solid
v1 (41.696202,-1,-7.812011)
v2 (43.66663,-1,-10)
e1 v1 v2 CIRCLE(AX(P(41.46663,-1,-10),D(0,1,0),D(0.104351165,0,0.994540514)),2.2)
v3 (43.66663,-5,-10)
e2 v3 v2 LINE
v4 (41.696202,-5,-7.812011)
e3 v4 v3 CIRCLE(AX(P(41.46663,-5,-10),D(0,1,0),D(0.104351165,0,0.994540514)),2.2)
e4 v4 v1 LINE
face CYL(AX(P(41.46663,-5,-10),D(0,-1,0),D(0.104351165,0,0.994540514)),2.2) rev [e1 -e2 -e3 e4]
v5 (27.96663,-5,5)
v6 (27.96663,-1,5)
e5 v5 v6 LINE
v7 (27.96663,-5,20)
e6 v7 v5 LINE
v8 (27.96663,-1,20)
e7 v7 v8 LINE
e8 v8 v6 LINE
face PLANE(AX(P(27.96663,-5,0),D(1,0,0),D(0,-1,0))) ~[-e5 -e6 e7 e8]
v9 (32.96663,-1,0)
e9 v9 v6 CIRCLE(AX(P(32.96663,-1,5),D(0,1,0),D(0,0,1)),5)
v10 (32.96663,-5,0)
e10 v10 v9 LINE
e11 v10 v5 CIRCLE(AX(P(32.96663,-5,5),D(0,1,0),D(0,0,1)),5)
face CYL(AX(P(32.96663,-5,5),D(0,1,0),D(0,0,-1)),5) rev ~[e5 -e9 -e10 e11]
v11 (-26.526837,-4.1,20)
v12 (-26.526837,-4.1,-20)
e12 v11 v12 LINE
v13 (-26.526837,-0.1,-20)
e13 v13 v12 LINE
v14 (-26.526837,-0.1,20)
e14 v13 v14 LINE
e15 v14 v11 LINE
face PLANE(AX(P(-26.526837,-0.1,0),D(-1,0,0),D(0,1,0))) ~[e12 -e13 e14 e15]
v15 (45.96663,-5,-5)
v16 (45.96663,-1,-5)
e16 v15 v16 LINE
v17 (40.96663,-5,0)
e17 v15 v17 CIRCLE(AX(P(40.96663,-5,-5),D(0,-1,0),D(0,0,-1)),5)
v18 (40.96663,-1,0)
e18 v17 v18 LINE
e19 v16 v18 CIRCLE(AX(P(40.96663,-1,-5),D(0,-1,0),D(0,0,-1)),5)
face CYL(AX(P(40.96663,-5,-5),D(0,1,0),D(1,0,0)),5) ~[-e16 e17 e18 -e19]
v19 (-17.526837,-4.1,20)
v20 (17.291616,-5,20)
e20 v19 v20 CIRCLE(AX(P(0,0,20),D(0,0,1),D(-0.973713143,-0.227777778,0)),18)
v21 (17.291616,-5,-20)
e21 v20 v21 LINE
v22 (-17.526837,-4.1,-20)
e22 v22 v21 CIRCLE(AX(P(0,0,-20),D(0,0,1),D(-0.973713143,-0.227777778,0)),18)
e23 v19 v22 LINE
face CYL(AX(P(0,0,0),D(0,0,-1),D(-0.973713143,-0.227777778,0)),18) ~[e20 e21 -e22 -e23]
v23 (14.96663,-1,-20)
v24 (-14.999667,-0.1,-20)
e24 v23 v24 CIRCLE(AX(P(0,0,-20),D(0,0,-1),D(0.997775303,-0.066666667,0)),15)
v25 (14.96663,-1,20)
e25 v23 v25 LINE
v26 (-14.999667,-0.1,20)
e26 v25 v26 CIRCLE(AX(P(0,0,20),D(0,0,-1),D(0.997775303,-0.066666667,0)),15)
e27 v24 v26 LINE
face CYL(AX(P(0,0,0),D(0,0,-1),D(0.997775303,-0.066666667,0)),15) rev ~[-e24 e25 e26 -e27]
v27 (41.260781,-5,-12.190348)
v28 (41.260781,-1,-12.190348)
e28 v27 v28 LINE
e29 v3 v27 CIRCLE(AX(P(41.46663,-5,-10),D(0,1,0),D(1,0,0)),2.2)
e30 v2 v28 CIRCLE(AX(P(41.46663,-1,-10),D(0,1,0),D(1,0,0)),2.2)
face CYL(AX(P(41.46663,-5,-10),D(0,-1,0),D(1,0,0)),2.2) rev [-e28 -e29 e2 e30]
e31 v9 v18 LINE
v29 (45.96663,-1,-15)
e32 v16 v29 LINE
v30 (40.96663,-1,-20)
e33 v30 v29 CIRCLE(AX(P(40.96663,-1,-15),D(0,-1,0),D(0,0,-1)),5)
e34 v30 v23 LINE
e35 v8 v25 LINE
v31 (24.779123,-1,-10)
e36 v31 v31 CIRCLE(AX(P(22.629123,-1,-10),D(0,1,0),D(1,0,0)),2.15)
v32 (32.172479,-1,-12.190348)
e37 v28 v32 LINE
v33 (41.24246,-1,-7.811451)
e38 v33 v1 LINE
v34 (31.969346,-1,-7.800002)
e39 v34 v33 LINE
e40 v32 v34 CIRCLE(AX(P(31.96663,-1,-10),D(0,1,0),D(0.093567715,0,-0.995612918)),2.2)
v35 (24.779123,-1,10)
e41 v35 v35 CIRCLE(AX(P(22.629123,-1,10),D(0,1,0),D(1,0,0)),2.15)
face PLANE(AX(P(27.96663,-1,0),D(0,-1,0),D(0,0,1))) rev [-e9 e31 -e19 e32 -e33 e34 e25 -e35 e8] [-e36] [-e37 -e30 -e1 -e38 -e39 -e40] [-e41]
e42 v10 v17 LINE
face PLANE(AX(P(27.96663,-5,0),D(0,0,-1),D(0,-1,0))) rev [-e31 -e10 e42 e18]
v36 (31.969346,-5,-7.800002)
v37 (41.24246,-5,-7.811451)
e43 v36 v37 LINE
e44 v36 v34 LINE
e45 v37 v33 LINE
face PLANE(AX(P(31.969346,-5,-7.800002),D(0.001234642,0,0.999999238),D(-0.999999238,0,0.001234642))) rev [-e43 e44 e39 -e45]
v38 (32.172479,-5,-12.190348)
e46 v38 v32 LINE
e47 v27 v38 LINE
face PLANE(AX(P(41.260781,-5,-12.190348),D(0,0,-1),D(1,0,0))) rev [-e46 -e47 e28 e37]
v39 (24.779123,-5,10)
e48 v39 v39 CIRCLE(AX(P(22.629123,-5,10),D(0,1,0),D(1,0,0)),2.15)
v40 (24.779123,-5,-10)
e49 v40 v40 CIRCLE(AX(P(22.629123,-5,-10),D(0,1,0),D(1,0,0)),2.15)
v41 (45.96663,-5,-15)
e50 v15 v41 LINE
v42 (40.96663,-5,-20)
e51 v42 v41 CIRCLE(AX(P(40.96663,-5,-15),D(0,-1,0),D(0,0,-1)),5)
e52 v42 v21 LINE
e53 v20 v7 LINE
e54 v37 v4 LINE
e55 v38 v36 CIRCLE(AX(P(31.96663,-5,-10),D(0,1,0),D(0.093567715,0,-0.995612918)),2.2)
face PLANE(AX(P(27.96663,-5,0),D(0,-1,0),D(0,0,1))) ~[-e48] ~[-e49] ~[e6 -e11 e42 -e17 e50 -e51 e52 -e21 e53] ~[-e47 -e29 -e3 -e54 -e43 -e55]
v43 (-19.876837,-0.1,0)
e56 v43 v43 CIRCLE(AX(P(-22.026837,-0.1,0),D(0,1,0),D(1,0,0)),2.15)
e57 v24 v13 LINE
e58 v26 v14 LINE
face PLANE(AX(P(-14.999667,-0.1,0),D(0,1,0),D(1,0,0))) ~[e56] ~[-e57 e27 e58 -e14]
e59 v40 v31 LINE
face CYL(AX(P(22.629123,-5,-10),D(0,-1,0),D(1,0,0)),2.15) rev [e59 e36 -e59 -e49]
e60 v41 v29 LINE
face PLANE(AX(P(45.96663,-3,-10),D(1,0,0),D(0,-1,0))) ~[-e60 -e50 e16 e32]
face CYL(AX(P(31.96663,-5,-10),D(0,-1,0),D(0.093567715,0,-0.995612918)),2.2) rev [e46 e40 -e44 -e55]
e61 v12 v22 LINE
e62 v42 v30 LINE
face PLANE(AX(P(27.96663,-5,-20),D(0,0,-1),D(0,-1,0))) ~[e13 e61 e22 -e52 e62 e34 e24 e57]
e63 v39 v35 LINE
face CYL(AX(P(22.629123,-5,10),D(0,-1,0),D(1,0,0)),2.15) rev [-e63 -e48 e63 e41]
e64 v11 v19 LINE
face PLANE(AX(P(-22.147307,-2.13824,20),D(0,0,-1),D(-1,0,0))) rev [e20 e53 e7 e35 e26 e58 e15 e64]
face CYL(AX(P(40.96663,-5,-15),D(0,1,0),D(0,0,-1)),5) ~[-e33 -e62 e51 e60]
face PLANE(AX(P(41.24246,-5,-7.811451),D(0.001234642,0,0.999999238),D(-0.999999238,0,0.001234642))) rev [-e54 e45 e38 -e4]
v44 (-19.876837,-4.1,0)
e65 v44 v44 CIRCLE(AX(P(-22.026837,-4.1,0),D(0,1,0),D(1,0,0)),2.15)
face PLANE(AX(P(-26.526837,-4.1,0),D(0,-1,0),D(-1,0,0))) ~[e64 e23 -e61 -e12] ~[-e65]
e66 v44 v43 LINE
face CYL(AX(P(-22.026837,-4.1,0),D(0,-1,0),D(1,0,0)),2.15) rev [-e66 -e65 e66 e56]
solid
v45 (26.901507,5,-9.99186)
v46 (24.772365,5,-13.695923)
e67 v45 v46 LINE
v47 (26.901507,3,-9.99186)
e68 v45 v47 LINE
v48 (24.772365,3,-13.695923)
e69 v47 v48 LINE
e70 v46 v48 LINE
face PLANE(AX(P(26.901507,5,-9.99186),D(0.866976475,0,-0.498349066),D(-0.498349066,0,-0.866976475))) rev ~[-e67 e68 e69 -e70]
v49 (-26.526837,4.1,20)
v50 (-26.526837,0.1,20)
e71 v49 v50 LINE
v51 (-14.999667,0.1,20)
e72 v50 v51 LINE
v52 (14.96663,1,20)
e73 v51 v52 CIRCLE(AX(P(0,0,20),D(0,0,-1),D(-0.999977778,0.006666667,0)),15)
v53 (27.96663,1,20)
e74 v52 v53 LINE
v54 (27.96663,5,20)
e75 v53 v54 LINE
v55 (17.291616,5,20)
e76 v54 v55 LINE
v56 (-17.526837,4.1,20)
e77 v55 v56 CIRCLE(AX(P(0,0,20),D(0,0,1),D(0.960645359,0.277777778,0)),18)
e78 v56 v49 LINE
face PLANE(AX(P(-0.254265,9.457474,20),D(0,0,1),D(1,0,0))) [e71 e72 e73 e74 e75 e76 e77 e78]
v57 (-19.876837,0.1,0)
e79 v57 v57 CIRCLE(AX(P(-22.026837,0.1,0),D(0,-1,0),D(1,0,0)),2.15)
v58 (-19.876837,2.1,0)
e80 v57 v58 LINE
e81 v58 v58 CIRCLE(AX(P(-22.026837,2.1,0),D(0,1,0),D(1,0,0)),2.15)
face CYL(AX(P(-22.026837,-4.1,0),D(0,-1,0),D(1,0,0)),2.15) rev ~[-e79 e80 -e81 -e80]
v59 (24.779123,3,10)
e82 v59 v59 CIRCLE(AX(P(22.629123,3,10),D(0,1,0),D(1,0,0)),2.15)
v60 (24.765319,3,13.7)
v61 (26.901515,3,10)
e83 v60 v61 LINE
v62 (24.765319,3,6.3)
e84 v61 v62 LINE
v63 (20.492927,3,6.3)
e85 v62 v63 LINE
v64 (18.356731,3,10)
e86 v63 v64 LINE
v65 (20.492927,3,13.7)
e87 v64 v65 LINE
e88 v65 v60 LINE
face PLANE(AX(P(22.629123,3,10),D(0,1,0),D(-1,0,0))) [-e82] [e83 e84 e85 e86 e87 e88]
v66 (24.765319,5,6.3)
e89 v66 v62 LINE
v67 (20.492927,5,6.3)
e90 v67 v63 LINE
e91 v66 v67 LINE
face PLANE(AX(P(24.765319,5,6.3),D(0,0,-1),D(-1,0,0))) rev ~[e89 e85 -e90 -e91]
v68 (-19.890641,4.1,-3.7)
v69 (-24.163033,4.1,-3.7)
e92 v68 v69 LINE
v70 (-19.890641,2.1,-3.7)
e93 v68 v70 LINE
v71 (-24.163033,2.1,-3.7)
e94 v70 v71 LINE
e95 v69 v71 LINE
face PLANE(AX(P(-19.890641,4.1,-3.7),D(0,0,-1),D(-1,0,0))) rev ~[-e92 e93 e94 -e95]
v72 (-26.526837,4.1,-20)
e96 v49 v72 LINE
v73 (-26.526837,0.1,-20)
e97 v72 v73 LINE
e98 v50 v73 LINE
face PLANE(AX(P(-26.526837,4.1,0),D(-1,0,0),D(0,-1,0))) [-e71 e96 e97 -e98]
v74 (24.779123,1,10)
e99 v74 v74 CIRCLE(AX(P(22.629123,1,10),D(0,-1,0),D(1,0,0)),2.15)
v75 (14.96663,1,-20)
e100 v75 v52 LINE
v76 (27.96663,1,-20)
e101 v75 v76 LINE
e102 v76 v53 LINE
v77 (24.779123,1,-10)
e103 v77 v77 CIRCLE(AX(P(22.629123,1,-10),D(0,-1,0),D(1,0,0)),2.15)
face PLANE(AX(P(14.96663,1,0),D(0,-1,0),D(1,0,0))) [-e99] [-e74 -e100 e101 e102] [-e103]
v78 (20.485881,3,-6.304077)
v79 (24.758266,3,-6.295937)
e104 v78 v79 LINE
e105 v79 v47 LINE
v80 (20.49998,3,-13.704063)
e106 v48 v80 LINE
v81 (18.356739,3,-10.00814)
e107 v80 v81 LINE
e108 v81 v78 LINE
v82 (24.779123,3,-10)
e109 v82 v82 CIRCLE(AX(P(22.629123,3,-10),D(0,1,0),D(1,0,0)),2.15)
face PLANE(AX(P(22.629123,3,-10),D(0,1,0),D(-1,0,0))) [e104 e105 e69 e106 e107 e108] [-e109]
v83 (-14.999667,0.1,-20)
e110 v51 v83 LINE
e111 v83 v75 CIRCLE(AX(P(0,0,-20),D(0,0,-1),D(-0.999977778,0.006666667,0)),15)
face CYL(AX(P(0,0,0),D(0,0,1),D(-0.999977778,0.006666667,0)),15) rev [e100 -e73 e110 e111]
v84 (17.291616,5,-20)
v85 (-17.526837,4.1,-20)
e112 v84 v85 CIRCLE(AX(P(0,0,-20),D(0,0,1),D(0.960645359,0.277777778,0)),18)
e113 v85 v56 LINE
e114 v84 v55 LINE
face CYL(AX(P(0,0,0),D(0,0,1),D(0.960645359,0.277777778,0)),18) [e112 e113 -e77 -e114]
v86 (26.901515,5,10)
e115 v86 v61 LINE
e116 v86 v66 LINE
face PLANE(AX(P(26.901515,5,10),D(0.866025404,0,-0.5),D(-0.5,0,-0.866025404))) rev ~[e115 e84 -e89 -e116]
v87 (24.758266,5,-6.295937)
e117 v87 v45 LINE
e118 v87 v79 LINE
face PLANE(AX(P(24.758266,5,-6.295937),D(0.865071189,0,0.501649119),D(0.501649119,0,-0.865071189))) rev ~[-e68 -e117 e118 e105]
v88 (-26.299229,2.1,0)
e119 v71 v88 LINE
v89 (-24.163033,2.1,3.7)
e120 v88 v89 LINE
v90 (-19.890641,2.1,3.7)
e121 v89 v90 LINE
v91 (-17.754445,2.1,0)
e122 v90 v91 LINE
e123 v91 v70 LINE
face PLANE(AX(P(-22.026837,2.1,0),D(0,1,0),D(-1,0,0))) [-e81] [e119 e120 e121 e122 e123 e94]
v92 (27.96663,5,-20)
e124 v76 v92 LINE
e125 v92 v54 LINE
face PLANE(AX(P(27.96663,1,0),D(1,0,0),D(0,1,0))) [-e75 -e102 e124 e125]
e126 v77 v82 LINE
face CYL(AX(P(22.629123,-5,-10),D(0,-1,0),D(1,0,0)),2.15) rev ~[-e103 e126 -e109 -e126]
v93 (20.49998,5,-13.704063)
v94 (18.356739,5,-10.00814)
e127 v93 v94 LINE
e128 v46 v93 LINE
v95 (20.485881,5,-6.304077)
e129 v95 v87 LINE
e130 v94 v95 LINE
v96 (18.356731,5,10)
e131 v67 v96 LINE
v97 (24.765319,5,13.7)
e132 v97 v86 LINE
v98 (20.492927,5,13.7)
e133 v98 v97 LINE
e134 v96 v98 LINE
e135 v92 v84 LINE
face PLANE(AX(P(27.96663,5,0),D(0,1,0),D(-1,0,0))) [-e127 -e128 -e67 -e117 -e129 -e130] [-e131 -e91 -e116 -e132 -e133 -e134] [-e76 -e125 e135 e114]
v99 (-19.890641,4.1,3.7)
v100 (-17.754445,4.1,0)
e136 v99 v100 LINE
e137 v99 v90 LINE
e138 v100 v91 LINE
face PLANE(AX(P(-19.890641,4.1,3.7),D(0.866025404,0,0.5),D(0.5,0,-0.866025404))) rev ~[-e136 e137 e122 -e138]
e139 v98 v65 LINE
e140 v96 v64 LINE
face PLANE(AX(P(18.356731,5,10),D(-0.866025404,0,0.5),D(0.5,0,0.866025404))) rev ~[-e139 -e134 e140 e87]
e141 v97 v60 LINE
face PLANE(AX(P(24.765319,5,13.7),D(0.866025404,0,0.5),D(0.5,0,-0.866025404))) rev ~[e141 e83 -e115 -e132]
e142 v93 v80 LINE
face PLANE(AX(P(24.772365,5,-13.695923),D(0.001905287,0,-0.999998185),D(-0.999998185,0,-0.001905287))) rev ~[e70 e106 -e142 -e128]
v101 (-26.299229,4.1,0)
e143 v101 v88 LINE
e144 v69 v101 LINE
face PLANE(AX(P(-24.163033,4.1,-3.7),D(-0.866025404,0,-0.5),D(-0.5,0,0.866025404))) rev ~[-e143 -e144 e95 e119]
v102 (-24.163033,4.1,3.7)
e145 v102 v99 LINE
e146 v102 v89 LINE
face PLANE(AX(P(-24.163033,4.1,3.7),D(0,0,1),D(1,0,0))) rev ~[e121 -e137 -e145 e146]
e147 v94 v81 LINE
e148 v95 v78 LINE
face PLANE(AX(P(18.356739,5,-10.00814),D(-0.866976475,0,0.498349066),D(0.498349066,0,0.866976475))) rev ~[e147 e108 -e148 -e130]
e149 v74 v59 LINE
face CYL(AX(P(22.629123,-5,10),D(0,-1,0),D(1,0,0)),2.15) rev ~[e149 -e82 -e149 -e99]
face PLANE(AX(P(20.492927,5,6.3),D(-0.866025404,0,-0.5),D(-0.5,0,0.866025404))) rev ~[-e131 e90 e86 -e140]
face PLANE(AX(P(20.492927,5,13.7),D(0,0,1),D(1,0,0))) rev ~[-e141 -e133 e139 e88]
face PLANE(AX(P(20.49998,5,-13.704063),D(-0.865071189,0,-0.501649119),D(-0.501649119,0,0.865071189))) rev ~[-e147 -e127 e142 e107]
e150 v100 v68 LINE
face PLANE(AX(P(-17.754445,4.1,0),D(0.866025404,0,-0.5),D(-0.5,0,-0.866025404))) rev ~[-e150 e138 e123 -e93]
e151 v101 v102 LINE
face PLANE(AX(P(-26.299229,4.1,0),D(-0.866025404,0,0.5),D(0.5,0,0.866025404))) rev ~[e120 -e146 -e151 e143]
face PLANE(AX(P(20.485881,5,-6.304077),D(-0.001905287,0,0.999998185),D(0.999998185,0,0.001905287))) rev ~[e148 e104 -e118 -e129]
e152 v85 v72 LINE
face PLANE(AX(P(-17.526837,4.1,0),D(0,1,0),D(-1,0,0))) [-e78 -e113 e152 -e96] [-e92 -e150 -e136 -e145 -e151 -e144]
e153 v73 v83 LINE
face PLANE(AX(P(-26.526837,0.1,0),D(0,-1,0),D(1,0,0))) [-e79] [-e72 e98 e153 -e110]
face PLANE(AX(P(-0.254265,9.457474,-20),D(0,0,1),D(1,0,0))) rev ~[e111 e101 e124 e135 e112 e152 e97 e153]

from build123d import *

# Parameters (mm, degrees)
F1_DEPTH  = 20
F2_R      = 2.15
F3_DEPTH  = 25
F4_R      = 2.15
F5_DEPTH  = 2
F6_R      = 2.15
F7_DEPTH  = 25
F8_R      = 2.15
F9_DEPTH  = 2
F10_W     = 4
F10_H     = 20
F11_DEPTH = 18
F12_R     = 5
F14_DEPTH = 25
F17_R     = 5


with BuildPart() as f1:
    # F0 (on Top) → F1 (new body, symmetric)
    with BuildSketch(Plane.XY):
        with BuildLine():
            ThreePointArc((-14.999666663, 0.1), (-0.4503030788, 14.993239381), (14.9666295471, 1))
            Line((14.9666295471, 1), (17.9722007556, 1))
            ThreePointArc((17.9722007556, 1), (17.7449767894, 3.0192381065), (17.2916164658, 5))
            ThreePointArc((17.2916164658, 5), (-0.4651151727, 17.9939897709), (-17.5268365657, 4.1))
            ThreePointArc((-17.5268365657, 4.1), (-17.87551663, 2.1132688448), (-17.9997222201, 0.1))
            Line((-17.9997222201, 0.1), (-14.999666663, 0.1))
        make_face()
        with BuildLine():
            Line((-26.5268365657, 0.1), (-17.9997222201, 0.1))
            ThreePointArc((-17.9997222201, 0.1), (-17.87551663, 2.1132688448), (-17.5268365657, 4.1))
            Line((-17.5268365657, 4.1), (-26.5268365657, 4.1))
            Line((-26.5268365657, 4.1), (-26.5268365657, 0.1))
        make_face()
        with BuildLine():
            ThreePointArc((17.2916164658, 5), (17.7449767894, 3.0192381065), (17.9722007556, 1))
            Line((17.9722007556, 1), (27.9666295471, 1))
            Line((27.9666295471, 1), (27.9666295471, 5))
            Line((27.9666295471, 5), (17.2916164658, 5))
        make_face()
    extrude(amount=F1_DEPTH, both=True)


with BuildPart() as f1b:
    # F0 (on Top) → F1, piece 2 (new body, symmetric)
    with BuildSketch(Plane.XY):
        with BuildLine():
            ThreePointArc((-17.5268365657, -4.1), (-17.87551663, -2.1132688448), (-17.9997222201, -0.1))
            Line((-17.9997222201, -0.1), (-26.5268365657, -0.1))
            Line((-26.5268365657, -0.1), (-26.5268365657, -4.1))
            Line((-26.5268365657, -4.1), (-17.5268365657, -4.1))
        make_face()
        with BuildLine():
            Line((17.9722007556, -1), (14.9666295471, -1))
            ThreePointArc((14.9666295471, -1), (-0.4503030788, -14.993239381), (-14.999666663, -0.1))
            Line((-14.999666663, -0.1), (-17.9997222201, -0.1))
            ThreePointArc((-17.9997222201, -0.1), (-17.87551663, -2.1132688448), (-17.5268365657, -4.1))
            ThreePointArc((-17.5268365657, -4.1), (-0.4651151727, -17.9939897709), (17.2916164658, -5))
            ThreePointArc((17.2916164658, -5), (17.7449767894, -3.0192381065), (17.9722007556, -1))
        make_face()
        with BuildLine():
            Line((27.9666295471, -1), (17.9722007556, -1))
            ThreePointArc((17.9722007556, -1), (17.7449767894, -3.0192381065), (17.2916164658, -5))
            Line((17.2916164658, -5), (27.9666295471, -5))
            Line((27.9666295471, -5), (27.9666295471, -1))
        make_face()
    extrude(amount=F1_DEPTH, both=True)


with BuildPart() as f3_tool:
    # F2 (on face) → F3 (new body)
    with BuildSketch(Plane.XZ.offset(4.1)):
        with Locations((-22.0268365657, 0)):
            Circle(F2_R)
    extrude(amount=-F3_DEPTH)


with BuildPart() as f1_1:
    add(f1.part)

    # F3: cut by f3_tool
    add(f3_tool.part, mode=Mode.SUBTRACT)

    # F4 (on face) → F5 (cut)
    with BuildSketch(Plane(origin=(0, 4.1, 0), x_dir=(-1, 0, 0), z_dir=(0, 1, 0))):
        Polygon((24.1630325617, 3.7), (19.8906405697, 3.7), (17.7544445737, 0), (19.8906405697, -3.7), (24.1630325617, -3.7), (26.2992285577, 0), align=None)
        with Locations((22.0268365657, 0)):
            Circle(F4_R, mode=Mode.SUBTRACT)
    extrude(amount=-F5_DEPTH, mode=Mode.SUBTRACT)


with BuildPart() as f1b_1:
    add(f1b.part)

    # F3: cut by f3_tool
    add(f3_tool.part, mode=Mode.SUBTRACT)


with BuildPart() as f7_tool:
    # F6 (on face) → F7 (new body)
    with BuildSketch(Plane.XZ.offset(5)):
        with Locations((22.6291230064, 10)):
            Circle(F6_R)
        with Locations((22.6291230064, -10)):
            Circle(F6_R)
    extrude(amount=-F7_DEPTH)


with BuildPart() as f1_2:
    add(f1_1.part)

    # F7: cut by f7_tool
    add(f7_tool.part, mode=Mode.SUBTRACT)

    # F8 (on face) → F9 (cut)
    with BuildSketch(Plane(origin=(0, 5, 0), x_dir=(-1, 0, 0), z_dir=(0, 1, 0))):
        Polygon((-20.4929270104, 13.7), (-24.7653190024, 13.7), (-26.9015149984, 10), (-24.7653190024, 6.3), (-20.4929270104, 6.3), (-18.3567310144, 10), align=None)
        with Locations((-22.6291230064, 10)):
            Circle(F8_R, mode=Mode.SUBTRACT)
        Polygon((-20.4858813267, -6.3040767817), (-24.758265564, -6.2959366497), (-26.9015072438, -9.991859868), (-24.7723646862, -13.6959232183), (-20.4999804488, -13.7040633503), (-18.3567387691, -10.008140132), align=None)
        with Locations((-22.6291230064, -10)):
            Circle(F8_R, mode=Mode.SUBTRACT)
    extrude(amount=-F9_DEPTH, mode=Mode.SUBTRACT)


with BuildPart() as f1b_2:
    add(f1b_1.part)

    # F7: cut by f7_tool
    add(f7_tool.part, mode=Mode.SUBTRACT)

    # F10 (on face) → F11 (join)
    with BuildSketch(Plane.YZ.offset(27.9666295471)):
        with Locations((-3, 10)):
            Rectangle(F10_W, F10_H)
    extrude(amount=F11_DEPTH)

    # F12
    f12_edges = [f1b_2.edges().sort_by_distance(p)[0] for p in [
        (45.96663, -3, 20),
        (45.96663, -3, 0),
    ]]
    fillet(f12_edges, radius=F12_R)

    # F13 (on face) → F14 (cut)
    with BuildSketch(Plane.XZ.offset(5)):
        with BuildLine():
            ThreePointArc((31.9693457589, 7.8000016768), (33.5232244954, 8.4453257039), (34.1666295471, 10))
            ThreePointArc((34.1666295471, 10), (33.5934159099, 11.4810692522), (32.1724785199, 12.1903484199))
            ThreePointArc((32.1724785199, 12.1903484199), (29.7689805783, 10.1016809216), (31.9693457589, 7.8000016768))
        make_face()
        with BuildLine():
            ThreePointArc((43.6666295471, 10), (42.9476987993, 11.6267863628), (41.2607805742, 12.1903484199))
            ThreePointArc((41.2607805742, 12.1903484199), (39.2666488008, 10.0092041272), (41.2424604448, 7.81145066))
            Line((41.2424604448, 7.81145066), (41.6962021106, 7.8120108688))
            ThreePointArc((41.6962021106, 7.8120108688), (43.1014169399, 8.5277669409), (43.6666295471, 10))
        make_face()
        with BuildLine():
            ThreePointArc((32.1724785199, 12.1903484199), (33.5934159099, 11.4810692522), (34.1666295471, 10))
            ThreePointArc((34.1666295471, 10), (33.5232244954, 8.4453257039), (31.9693457589, 7.8000016768))
            Line((31.9693457589, 7.8000016768), (41.2424604448, 7.81145066))
            ThreePointArc((41.2424604448, 7.81145066), (39.2666488008, 10.0092041272), (41.2607805742, 12.1903484199))
            Line((41.2607805742, 12.1903484199), (32.1724785199, 12.1903484199))
        make_face()
    extrude(amount=-F14_DEPTH, mode=Mode.SUBTRACT)


with BuildPart() as f15_1:
    # F15: instance of F1b
    add(f1b_2.part.mirror(Plane.XY))

    # F17
    f17_edges = [f15_1.edges().sort_by_distance(p)[0] for p in [
        (27.96663, -3, 0),
    ]]
    fillet(f17_edges, radius=F17_R)


solid = Compound([f1_2.part, f15_1.part])
